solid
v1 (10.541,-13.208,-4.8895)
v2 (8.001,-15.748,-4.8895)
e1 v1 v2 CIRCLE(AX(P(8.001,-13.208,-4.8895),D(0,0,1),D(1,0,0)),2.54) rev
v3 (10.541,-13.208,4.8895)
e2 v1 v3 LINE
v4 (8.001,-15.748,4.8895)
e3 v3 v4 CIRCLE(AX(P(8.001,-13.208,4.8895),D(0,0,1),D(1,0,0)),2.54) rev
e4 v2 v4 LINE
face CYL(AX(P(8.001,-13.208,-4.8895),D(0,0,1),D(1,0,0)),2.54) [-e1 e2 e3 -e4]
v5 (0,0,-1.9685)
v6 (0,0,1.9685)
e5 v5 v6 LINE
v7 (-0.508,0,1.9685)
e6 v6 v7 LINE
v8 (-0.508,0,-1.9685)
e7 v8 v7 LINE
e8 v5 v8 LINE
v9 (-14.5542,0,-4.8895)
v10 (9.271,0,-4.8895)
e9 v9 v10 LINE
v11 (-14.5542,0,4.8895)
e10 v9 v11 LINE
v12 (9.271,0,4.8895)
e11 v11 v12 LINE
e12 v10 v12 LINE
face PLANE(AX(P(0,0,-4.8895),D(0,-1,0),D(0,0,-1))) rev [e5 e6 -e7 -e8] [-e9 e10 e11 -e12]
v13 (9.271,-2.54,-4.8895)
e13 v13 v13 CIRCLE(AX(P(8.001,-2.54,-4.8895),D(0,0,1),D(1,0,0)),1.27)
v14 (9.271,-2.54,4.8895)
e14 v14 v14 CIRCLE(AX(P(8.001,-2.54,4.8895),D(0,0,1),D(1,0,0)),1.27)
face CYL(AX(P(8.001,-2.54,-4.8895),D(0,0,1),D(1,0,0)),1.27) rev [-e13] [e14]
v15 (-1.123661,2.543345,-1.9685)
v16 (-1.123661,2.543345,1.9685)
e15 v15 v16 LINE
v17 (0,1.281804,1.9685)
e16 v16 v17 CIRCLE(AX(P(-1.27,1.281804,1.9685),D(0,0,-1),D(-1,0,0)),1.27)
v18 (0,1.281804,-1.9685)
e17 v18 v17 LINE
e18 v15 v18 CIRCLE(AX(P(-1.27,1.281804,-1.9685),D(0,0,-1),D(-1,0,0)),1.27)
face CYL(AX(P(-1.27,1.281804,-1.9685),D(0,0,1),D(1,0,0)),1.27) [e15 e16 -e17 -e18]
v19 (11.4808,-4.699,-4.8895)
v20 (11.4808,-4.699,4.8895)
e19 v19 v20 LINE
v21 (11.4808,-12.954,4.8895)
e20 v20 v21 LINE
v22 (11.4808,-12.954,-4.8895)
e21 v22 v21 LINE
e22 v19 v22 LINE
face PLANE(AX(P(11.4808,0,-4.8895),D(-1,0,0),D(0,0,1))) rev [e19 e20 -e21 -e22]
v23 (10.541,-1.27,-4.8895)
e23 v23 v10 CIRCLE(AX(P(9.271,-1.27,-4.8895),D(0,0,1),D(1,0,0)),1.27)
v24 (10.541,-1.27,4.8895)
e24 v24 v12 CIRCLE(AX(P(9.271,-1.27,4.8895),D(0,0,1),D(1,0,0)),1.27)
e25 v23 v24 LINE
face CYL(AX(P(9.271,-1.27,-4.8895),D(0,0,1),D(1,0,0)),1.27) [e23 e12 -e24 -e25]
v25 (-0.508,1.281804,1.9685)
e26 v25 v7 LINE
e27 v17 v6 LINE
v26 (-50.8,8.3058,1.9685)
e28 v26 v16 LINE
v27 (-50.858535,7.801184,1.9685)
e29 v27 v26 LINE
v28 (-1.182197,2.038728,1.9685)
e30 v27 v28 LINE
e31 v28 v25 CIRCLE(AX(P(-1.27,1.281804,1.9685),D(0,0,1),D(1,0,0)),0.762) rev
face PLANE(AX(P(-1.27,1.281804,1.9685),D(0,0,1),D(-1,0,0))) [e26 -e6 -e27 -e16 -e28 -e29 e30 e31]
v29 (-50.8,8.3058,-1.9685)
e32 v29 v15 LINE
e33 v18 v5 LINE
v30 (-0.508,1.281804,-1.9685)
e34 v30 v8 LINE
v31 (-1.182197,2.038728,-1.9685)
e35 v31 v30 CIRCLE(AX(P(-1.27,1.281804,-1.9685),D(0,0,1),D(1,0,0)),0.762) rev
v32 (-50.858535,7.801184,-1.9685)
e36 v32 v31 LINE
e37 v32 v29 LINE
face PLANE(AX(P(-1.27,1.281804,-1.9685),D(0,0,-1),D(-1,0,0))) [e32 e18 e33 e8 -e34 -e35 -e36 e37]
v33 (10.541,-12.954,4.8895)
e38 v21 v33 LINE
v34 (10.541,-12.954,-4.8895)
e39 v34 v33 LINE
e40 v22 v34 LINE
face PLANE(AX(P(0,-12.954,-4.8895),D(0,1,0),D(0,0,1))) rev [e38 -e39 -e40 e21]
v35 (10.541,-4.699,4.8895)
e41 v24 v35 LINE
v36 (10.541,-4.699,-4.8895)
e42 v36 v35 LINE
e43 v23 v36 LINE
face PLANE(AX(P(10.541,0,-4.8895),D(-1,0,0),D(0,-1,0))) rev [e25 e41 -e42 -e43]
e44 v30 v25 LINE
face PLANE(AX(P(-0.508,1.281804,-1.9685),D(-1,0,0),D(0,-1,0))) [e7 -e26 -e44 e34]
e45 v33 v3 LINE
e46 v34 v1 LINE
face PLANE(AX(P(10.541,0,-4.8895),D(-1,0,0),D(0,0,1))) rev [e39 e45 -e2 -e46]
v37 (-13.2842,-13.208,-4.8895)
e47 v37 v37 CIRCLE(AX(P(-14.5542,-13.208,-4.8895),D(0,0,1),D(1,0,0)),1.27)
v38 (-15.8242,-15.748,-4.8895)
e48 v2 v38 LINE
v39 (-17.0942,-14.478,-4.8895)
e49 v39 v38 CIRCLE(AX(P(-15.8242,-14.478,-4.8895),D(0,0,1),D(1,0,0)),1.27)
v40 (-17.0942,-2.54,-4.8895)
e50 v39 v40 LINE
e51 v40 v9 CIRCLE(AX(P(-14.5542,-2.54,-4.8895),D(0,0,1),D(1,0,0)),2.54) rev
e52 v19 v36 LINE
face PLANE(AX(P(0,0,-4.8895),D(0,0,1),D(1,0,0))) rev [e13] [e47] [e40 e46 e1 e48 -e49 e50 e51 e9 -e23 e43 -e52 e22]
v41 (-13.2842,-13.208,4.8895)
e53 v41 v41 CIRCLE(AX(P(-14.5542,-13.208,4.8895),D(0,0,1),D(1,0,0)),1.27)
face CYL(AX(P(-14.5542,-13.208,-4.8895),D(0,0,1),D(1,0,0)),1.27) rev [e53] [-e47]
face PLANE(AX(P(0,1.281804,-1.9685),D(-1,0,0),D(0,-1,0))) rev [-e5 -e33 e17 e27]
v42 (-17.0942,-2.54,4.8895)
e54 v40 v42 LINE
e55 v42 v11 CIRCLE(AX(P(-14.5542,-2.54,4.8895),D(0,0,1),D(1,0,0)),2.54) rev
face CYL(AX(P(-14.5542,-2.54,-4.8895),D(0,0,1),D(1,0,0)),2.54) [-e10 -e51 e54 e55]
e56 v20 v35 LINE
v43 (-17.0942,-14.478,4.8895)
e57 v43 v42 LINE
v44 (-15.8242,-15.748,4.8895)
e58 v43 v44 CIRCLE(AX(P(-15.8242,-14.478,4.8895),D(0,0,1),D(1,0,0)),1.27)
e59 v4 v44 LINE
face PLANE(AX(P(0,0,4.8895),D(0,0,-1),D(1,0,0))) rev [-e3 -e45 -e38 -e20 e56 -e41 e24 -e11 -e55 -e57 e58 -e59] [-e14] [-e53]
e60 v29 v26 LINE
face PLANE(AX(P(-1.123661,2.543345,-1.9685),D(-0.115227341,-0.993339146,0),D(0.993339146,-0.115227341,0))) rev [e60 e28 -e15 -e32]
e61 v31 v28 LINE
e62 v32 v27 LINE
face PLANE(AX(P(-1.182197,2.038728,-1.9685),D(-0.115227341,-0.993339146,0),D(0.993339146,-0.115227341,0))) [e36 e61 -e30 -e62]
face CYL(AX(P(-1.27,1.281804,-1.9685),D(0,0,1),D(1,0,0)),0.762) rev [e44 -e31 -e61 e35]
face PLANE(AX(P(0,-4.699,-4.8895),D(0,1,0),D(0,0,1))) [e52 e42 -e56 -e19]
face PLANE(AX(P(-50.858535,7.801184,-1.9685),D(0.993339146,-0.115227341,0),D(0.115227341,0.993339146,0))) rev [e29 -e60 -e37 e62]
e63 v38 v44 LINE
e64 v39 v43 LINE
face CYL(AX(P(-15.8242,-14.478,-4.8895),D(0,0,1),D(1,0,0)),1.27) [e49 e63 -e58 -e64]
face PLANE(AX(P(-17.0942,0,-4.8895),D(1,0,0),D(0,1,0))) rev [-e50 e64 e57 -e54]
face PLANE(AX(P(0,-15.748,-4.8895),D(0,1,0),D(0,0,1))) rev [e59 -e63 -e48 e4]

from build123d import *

# Parameters (mm, degrees)
EXTRUDE_THIN1_DEPTH = 1.9685
SKETCH2_R           = 1.27
BOSS_EXTRUDE1_DEPTH = 4.8895


with BuildPart() as part:
    # Sketch1 → Extrude-Thin1 (new body)
    with BuildSketch(Plane.XY):
        with BuildLine():
            Line((-50.8, 8.3058), (-1.123661277, 2.543344708))
            ThreePointArc((-1.123661277, 2.543344708), (-0.321646116, 2.12650803), (0, 1.281803992))
            Line((0, 1.281803992), (0, 0))
            Line((0, 0), (-0.508, 0))
            Line((-0.508, 0), (-0.508, 1.281803992))
            ThreePointArc((-0.508, 1.281803992), (-0.70098767, 1.788626415), (-1.182196766, 2.038728422))
            Line((-1.182196766, 2.038728422), (-50.858535489, 7.801183714))
            Line((-50.858535489, 7.801183714), (-50.8, 8.3058))
        make_face()
    extrude_thin1 = extrude(amount=-EXTRUDE_THIN1_DEPTH)

    # Sketch2 → Boss-Extrude1 (add)
    with BuildSketch(Plane.XY):
        with BuildLine():
            Line((-14.5542, 0), (9.271, 0))
            ThreePointArc((9.271, 0), (10.169025612, -0.371974388), (10.541, -1.27))
            Line((10.541, -1.27), (10.541, -4.699))
            Line((10.541, -4.699), (11.4808, -4.699))
            Line((11.4808, -4.699), (11.4808, -12.954))
            Line((11.4808, -12.954), (10.541, -12.954))
            Line((10.541, -12.954), (10.541, -13.208))
            ThreePointArc((10.541, -13.208), (9.797051224, -15.004051224), (8.001, -15.748))
            Line((8.001, -15.748), (-15.8242, -15.748))
            ThreePointArc((-15.8242, -15.748), (-16.722225612, -15.376025612), (-17.0942, -14.478))
            Line((-17.0942, -14.478), (-17.0942, -2.54))
            ThreePointArc((-17.0942, -2.54), (-16.350251224, -0.743948776), (-14.5542, 0))
        make_face()
        with Locations((8.001, -2.54)):
            Circle(SKETCH2_R, mode=Mode.SUBTRACT)
        with Locations((-14.5542, -13.208)):
            Circle(SKETCH2_R, mode=Mode.SUBTRACT)
    boss_extrude1 = extrude(amount=-BOSS_EXTRUDE1_DEPTH)

    # Mirror1: Extrude-Thin1, Boss-Extrude1 across Front Plane
    add(extrude_thin1.mirror(Plane.XY))
    add(boss_extrude1.mirror(Plane.XY))


solid = part.part
